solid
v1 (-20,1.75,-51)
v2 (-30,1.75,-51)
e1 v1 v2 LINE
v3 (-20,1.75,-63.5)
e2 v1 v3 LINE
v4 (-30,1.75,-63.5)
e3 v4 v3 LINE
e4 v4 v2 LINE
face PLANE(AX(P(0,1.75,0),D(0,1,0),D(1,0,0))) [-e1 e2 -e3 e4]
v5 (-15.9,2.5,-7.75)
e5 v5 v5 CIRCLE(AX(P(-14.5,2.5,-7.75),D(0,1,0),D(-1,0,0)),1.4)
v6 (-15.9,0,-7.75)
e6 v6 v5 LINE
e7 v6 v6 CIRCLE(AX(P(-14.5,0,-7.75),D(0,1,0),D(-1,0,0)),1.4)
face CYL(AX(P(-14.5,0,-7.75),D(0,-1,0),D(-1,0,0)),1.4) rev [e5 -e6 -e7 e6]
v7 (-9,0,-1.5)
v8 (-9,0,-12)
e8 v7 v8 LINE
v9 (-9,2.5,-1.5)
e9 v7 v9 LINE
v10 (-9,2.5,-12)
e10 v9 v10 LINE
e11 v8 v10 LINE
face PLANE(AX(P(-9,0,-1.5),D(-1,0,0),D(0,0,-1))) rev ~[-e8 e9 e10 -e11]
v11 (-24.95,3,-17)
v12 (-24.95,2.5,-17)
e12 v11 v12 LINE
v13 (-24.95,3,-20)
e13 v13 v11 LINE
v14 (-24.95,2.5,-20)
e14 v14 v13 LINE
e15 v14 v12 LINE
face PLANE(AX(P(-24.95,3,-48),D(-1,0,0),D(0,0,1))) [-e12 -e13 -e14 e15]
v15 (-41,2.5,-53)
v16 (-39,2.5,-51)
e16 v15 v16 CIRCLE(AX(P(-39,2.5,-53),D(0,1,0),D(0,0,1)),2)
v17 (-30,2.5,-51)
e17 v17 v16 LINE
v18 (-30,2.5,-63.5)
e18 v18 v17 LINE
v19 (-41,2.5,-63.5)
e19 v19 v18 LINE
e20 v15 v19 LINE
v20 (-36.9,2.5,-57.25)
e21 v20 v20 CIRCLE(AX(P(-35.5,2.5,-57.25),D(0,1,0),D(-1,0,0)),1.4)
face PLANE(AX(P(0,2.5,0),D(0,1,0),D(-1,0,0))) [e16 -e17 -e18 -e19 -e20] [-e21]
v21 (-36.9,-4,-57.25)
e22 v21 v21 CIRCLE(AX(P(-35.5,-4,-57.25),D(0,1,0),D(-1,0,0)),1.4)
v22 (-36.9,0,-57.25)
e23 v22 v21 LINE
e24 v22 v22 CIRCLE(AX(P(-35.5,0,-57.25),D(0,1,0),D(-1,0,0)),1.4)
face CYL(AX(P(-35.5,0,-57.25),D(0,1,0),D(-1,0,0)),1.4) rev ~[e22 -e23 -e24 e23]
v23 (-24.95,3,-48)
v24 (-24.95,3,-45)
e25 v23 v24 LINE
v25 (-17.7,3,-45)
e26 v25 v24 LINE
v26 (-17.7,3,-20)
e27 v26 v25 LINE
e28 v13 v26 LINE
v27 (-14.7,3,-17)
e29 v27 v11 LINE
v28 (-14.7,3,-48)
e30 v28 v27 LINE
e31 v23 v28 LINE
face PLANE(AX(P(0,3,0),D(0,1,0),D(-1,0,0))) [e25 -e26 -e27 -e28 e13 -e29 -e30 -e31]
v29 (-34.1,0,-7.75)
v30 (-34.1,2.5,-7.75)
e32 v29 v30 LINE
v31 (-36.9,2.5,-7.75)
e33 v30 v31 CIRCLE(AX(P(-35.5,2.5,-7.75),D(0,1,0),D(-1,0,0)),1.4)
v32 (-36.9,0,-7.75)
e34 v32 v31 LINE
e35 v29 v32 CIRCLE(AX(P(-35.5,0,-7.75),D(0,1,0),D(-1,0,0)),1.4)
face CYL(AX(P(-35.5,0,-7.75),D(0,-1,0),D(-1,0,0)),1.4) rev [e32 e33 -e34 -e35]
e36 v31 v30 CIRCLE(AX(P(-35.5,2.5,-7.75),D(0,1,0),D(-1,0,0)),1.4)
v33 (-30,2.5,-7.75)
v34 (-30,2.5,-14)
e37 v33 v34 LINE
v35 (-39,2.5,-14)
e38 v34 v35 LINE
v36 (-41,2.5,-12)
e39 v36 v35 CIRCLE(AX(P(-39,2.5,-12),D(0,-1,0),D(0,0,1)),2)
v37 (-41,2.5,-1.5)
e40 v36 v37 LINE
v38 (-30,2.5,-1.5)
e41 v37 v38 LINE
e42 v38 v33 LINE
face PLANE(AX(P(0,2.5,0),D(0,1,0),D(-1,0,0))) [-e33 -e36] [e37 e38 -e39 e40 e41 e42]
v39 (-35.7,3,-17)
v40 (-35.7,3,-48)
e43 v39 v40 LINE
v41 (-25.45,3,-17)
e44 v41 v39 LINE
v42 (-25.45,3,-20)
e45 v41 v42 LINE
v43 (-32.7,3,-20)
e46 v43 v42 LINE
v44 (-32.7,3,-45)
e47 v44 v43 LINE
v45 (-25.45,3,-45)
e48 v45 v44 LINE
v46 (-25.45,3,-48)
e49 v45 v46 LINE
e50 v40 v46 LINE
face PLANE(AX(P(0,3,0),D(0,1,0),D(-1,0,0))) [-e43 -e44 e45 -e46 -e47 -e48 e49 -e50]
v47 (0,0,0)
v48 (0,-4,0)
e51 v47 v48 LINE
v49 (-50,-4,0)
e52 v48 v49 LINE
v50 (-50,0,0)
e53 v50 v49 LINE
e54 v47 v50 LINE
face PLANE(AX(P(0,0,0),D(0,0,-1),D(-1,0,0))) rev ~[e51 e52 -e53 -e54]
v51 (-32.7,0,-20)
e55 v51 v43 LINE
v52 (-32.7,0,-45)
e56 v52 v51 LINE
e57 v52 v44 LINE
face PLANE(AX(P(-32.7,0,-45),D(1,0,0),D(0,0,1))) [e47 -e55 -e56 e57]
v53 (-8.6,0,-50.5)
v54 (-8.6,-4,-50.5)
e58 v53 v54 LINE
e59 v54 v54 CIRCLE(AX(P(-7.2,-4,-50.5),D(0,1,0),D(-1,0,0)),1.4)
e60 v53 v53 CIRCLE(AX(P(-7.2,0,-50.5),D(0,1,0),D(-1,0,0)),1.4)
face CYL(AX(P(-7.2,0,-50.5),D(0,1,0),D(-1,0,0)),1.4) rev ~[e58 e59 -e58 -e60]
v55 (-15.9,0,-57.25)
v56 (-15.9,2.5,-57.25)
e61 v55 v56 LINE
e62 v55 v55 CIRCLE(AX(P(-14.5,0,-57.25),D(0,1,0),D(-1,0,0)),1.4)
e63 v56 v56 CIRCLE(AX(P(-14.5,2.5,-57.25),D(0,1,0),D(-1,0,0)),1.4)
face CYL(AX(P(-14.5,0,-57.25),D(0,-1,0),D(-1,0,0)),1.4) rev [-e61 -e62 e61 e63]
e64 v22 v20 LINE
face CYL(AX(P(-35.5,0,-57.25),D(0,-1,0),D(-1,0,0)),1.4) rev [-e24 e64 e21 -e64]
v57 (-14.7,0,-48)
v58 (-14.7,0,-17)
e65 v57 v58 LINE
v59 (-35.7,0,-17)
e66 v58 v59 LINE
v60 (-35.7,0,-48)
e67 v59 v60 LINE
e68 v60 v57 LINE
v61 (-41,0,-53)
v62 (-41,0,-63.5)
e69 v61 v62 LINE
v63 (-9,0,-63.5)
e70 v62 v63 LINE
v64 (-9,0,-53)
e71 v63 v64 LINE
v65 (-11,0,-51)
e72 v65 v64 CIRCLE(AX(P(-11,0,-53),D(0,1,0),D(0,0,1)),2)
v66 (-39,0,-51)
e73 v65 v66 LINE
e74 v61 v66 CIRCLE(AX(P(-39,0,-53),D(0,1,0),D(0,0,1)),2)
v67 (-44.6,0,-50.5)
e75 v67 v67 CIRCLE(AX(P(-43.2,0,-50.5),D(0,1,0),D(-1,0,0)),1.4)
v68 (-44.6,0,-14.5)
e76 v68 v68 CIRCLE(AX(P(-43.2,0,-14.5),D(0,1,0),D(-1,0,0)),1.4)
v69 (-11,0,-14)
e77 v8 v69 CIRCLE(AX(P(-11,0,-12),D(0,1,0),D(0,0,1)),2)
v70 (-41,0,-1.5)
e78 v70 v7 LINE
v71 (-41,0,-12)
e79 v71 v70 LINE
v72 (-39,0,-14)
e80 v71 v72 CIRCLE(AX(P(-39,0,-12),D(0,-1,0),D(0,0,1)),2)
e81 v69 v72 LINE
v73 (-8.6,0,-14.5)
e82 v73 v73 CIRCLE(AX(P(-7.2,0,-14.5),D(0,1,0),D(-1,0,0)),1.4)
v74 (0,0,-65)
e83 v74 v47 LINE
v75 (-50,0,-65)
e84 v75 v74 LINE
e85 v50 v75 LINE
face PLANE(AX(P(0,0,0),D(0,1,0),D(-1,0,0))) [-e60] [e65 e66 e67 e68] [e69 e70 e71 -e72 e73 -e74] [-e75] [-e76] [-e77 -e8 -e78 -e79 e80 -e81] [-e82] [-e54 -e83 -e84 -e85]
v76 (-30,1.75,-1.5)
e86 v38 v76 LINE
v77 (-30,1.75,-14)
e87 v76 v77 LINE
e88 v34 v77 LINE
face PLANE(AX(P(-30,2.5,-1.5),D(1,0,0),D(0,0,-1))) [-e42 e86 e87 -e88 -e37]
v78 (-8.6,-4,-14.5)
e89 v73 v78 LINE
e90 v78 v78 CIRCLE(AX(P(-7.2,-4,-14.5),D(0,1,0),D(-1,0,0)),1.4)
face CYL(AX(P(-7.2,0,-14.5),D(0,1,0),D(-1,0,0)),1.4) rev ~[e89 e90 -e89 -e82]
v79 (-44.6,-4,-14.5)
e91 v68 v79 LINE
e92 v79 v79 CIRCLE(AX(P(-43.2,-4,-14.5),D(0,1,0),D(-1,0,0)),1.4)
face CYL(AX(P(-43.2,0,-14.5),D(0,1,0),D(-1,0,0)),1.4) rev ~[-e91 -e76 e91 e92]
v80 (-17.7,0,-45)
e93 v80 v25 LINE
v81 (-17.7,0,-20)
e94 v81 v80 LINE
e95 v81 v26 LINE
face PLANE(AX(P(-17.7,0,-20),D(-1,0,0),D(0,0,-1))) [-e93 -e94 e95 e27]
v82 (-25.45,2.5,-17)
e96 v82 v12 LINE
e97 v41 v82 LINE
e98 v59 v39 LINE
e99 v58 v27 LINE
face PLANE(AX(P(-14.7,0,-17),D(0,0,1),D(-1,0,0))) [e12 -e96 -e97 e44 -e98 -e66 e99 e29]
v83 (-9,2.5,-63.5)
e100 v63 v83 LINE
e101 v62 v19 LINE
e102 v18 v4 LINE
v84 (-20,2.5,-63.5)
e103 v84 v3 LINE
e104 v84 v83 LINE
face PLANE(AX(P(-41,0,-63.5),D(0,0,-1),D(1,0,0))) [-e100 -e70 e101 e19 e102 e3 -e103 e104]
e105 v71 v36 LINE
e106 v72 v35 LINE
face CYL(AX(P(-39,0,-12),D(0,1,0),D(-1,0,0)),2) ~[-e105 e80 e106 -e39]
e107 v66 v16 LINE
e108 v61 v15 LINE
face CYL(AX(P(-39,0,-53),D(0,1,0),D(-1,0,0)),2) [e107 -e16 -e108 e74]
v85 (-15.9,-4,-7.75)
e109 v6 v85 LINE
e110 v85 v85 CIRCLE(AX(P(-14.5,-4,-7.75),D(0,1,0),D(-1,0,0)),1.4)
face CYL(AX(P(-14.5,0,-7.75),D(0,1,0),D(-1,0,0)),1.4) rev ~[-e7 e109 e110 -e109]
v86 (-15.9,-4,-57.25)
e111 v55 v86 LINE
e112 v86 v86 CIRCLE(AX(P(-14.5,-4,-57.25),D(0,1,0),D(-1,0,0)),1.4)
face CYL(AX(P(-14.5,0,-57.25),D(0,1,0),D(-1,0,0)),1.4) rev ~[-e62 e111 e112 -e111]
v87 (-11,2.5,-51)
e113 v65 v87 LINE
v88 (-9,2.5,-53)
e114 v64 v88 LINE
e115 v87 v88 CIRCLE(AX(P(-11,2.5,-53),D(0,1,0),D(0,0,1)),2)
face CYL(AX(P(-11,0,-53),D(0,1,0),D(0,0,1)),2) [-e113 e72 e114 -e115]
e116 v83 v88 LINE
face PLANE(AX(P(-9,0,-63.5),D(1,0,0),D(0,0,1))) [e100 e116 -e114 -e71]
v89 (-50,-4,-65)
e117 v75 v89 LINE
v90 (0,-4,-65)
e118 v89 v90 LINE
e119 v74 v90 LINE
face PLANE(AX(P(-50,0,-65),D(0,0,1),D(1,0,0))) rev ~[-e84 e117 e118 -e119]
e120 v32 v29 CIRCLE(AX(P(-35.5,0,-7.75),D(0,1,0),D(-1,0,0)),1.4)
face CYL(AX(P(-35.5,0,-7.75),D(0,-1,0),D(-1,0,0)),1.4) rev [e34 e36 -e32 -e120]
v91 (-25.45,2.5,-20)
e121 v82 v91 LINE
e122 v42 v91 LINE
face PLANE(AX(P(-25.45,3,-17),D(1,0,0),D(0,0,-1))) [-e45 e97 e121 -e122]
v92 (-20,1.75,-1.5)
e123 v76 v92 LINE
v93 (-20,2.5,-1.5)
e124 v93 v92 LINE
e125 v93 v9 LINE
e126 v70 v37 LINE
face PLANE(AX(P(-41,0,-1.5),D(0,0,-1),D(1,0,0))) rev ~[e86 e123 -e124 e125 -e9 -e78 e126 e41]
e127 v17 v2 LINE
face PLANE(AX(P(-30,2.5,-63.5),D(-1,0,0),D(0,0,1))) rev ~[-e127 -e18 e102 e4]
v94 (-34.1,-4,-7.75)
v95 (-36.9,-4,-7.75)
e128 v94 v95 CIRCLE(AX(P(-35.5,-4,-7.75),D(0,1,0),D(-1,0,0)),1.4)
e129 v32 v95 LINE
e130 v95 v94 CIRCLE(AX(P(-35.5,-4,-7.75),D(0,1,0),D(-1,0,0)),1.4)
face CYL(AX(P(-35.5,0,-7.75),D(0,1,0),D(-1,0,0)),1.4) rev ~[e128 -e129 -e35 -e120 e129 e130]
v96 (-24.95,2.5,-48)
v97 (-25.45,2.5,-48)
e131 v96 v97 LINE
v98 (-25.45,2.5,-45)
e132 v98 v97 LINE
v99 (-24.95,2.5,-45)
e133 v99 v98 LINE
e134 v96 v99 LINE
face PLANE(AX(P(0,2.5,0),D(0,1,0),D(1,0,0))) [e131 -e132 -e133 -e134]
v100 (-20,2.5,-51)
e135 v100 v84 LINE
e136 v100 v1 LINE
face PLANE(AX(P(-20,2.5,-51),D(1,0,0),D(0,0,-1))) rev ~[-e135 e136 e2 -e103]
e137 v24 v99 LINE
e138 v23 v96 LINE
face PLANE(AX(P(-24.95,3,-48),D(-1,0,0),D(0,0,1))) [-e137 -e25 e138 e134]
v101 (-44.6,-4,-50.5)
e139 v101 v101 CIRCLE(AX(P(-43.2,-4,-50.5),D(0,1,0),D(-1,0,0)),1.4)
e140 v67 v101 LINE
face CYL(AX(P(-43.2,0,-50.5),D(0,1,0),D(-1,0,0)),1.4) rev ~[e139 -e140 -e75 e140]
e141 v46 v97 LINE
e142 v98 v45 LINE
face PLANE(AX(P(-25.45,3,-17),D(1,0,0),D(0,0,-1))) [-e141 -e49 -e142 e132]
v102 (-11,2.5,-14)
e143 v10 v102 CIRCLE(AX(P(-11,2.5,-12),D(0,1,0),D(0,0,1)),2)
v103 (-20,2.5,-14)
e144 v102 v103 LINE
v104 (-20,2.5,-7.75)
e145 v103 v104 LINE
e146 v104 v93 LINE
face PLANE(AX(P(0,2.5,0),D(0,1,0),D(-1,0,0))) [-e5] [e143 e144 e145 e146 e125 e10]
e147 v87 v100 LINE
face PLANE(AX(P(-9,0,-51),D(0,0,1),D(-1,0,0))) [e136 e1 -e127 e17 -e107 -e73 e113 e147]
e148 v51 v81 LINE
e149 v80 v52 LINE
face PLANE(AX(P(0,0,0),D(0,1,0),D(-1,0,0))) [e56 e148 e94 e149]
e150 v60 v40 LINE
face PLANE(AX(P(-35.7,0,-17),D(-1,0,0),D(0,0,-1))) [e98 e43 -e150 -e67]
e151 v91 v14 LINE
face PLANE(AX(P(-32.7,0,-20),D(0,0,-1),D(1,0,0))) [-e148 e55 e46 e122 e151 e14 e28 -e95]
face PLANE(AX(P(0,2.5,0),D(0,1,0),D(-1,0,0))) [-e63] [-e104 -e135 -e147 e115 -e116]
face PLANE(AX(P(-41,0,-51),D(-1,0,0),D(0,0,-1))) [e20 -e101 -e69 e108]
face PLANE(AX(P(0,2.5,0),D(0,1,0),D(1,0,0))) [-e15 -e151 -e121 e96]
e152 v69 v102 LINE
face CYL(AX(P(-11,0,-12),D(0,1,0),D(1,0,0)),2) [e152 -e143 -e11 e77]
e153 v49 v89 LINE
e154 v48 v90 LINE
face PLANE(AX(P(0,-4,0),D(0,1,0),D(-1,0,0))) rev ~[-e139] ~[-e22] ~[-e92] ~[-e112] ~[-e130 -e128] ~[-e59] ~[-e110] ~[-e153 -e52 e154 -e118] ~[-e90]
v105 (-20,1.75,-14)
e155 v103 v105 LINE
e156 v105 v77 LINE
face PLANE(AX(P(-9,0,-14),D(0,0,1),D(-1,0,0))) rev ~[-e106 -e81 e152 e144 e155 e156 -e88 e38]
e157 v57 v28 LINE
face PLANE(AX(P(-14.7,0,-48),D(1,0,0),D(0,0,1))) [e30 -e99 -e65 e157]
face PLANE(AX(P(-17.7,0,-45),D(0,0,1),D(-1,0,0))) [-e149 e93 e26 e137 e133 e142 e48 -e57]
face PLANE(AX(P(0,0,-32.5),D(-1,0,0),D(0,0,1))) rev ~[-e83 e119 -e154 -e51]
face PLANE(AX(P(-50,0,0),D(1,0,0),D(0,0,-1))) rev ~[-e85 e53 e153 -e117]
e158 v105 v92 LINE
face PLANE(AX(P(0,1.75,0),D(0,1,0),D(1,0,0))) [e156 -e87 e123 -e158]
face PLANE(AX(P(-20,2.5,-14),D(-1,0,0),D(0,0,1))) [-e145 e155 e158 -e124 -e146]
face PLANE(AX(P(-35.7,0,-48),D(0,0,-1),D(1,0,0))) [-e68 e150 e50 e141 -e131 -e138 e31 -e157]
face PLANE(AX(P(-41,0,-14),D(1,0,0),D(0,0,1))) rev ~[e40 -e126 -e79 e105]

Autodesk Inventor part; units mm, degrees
ref_plane "YZ Plane" through (0, 0, 0) normal (1, 0, 0) x (0, 1, 0)
ref_plane "XZ Plane" through (0, 0, 0) normal (0, 1, 0) x (-1, 0, 0)
ref_plane "XY Plane" through (0, 0, 0) normal (0, 0, 1) x (1, 0, 0)
sketch "Boceto1" plane through (0, 0, 0) normal (0, 1, 0) x (-1, 0, 0)
  line L0 (0, 0) -> (50, 0)
  line L1 (50, 0) -> (50, -65)
  line L2 (50, -65) -> (0, -65)
  line L3 (0, -65) -> (0, 0)
  line L4 (17.7, -45) -> (32.7, -45)
  line L5 (32.7, -45) -> (32.7, -20)
  line L6 (32.7, -20) -> (17.7, -20)
  line L7 (17.7, -20) -> (17.7, -45)
  line L8 (17.7, -45) -> (32.7, -20) construction
  line L9 (32.7, -45) -> (17.7, -20) construction
  line L10 (35.7, -17) -> (35.7, -48)
  line L11 (35.7, -48) -> (14.7, -48)
  line L12 (14.7, -48) -> (14.7, -17)
  line L13 (14.7, -17) -> (35.7, -17)
  line L14 (41, -1.5) -> (9, -1.5)
  line L15 (9, -1.5) -> (9, -14)
  line L16 (9, -14) -> (41, -14)
  line L17 (41, -14) -> (41, -1.5)
  line L18 (32.7, -32.5) -> (17.7, -32.5) construction
  line L19 (41, -7.75) -> (35.5, -7.75) construction
  line L20 (35.5, -7.75) -> (14.5, -7.75) construction
  line L21 (14.5, -7.75) -> (9, -7.75) construction
  circle A0 centre (35.5, -7.75) radius 1.4
  circle A1 centre (14.5, -7.75) radius 1.4
  line L22 (41, -63.5) -> (9, -63.5)
  line L23 (9, -63.5) -> (9, -51)
  line L24 (9, -51) -> (41, -51)
  line L25 (41, -51) -> (41, -63.5)
  circle A2 centre (35.5, -57.25) radius 1.4
  circle A3 centre (14.5, -57.25) radius 1.4
  line L26 (50, -32.5) -> (43.2, -32.5) construction
  line L27 (0, -32.5) -> (6.8, -32.5)
  line L28 (45.9347, 0) -> (45.9347, -14) construction
  line L29 (43.2, -32.5) -> (43.2, -14.5) construction
  line L30 (43.2, -14.5) -> (50, -14.5) construction
  circle A4 centre (43.2, -14.5) radius 1.4
  line L31 (25.2, -20) -> (25.2, -45) construction
  circle A5 centre (7.2, -14.5) radius 1.4
  circle A6 centre (35.5, -57.25) radius 1.4
  circle A7 centre (43.2, -50.5) radius 1.4
  circle A8 centre (7.2, -50.5) radius 1.4
  line L32 (35.5, -7.75) -> (14.5, -7.75)
  point P0 (25.2, -32.5)
  point P1 (25, -14)
  point P2 (25.2, -17)
  dimension "d0" = 65
  dimension "d1" = 50
  dimension "d2" = 25
  dimension "d3" = 15
  dimension "d4" = 3
  dimension "d5" = 12.5
  dimension "d6" = 32
  dimension "d7" = 3
  dimension "d8" = 5.5
  dimension "d9" = 5.5
  dimension "d10" = 2.8
  dimension "d11" = 2.8
  dimension "d12" = 6.8
  dimension "d13" = 6.8
  dimension "d14" = 14
  dimension "d15" = 2.8
  dimension "d30" = 36
  dimension "d31" = 36
  dimension "d32" = 1.5
extrude "Extrusión1" add sketch "Boceto1" along normal blind 3 contours L10 L11 L12 L13
extrude "Extrusión2" add sketch "Boceto1" against normal blind 4 contours L0 L1 L2 L3 | L17 L16 L15 L14 | L22 L23 L24 L25
extrude "Extrusión3" add sketch "Boceto1" along normal blind 2.5 contours L17 L16 L15 L14 | L22 L23 L24 L25
sketch "Boceto2" plane through (0, 2.5, 0) normal (0, 1, 0) x (1, 0, 0)
  line L0 (-41, 1.5) -> (-9, 1.5) projected
  line L1 (-25, 1.5) -> (-25, 14)
  line L2 (-9, 14) -> (-41, 14) projected
  line L3 (-20, 1.5) -> (-30, 1.5)
  line L4 (-30, 1.5) -> (-30, 14)
  line L5 (-30, 14) -> (-20, 14)
  line L6 (-20, 14) -> (-20, 1.5)
  line L7 (-20, 1.5) -> (-30, 14) construction
  line L8 (-30, 1.5) -> (-20, 14) construction
  line L9 (-32.7, 32.5) -> (-17.7, 32.5) construction
  line L10 (-41, 63.5) -> (-9, 63.5)
  line L11 (-9, 51) -> (-41, 51)
  line L12 (-30, 63.5) -> (-30, 51)
  line L13 (-20, 51) -> (-20, 63.5)
  point P0 (0, 0)
  point P1 (-25, 7.75)
  dimension "d22" = 10
extrude "Extrusión4" cut sketch "Boceto2" against normal blind 0.75
extrude "Extrusión5" add sketch "Boceto1" against normal blind 4 contours L7 L6 L5 L4 | L10 L11 L12 L13
sketch "Boceto3" plane through (0, 3, 0) normal (0, 1, 0) x (1, 0, 0)
  line L0 (-25.2, 20) -> (-25.2, 45) construction
  line L1 (-35.7, 17) -> (-14.7, 17) projected
  line L2 (-25.2, 17) -> (-25.2, 48)
  line L3 (-14.7, 48) -> (-35.7, 48) projected
  line L4 (-24.95, 17) -> (-25.45, 17)
  line L5 (-25.45, 17) -> (-25.45, 48)
  line L6 (-25.45, 48) -> (-24.95, 48)
  line L7 (-24.95, 48) -> (-24.95, 17)
  line L8 (-24.95, 17) -> (-25.45, 48) construction
  line L9 (-25.45, 17) -> (-24.95, 48) construction
  point P0 (0, 0)
  point P1 (-25.2, 32.5)
  point P2 (-24.95, 17)
  point P3 (-24.95, 48)
  point P4 (-25.45, 17)
  dimension "d27" = 0.5
extrude "Extrusión6" cut sketch "Boceto3" against normal blind 0.5
sketch "Boceto4" plane through (-41, 0, -1.5) normal (0, 0, 1) x (1, 0, 0)
  line L0 (16.05, 2.5) -> (15.55, 2.5) projected
  line L1 (21, 1.75) -> (11, 1.75) projected
  line L2 (-9, 0) -> (41, 0) projected
  line L3 (15.55, 2.5) -> (15.55, 3) projected
fillet "Empalme1" radius 2 4 edges at (-41, 1.25, -51) (-9, 1.25, -51) (-9, 1.25, -14) (-41, 1.25, -14)
equation "\"d9\" = d8"
equation "\"d13\" = d12"
properties part number "Molde 1FBR 0.5mm"
